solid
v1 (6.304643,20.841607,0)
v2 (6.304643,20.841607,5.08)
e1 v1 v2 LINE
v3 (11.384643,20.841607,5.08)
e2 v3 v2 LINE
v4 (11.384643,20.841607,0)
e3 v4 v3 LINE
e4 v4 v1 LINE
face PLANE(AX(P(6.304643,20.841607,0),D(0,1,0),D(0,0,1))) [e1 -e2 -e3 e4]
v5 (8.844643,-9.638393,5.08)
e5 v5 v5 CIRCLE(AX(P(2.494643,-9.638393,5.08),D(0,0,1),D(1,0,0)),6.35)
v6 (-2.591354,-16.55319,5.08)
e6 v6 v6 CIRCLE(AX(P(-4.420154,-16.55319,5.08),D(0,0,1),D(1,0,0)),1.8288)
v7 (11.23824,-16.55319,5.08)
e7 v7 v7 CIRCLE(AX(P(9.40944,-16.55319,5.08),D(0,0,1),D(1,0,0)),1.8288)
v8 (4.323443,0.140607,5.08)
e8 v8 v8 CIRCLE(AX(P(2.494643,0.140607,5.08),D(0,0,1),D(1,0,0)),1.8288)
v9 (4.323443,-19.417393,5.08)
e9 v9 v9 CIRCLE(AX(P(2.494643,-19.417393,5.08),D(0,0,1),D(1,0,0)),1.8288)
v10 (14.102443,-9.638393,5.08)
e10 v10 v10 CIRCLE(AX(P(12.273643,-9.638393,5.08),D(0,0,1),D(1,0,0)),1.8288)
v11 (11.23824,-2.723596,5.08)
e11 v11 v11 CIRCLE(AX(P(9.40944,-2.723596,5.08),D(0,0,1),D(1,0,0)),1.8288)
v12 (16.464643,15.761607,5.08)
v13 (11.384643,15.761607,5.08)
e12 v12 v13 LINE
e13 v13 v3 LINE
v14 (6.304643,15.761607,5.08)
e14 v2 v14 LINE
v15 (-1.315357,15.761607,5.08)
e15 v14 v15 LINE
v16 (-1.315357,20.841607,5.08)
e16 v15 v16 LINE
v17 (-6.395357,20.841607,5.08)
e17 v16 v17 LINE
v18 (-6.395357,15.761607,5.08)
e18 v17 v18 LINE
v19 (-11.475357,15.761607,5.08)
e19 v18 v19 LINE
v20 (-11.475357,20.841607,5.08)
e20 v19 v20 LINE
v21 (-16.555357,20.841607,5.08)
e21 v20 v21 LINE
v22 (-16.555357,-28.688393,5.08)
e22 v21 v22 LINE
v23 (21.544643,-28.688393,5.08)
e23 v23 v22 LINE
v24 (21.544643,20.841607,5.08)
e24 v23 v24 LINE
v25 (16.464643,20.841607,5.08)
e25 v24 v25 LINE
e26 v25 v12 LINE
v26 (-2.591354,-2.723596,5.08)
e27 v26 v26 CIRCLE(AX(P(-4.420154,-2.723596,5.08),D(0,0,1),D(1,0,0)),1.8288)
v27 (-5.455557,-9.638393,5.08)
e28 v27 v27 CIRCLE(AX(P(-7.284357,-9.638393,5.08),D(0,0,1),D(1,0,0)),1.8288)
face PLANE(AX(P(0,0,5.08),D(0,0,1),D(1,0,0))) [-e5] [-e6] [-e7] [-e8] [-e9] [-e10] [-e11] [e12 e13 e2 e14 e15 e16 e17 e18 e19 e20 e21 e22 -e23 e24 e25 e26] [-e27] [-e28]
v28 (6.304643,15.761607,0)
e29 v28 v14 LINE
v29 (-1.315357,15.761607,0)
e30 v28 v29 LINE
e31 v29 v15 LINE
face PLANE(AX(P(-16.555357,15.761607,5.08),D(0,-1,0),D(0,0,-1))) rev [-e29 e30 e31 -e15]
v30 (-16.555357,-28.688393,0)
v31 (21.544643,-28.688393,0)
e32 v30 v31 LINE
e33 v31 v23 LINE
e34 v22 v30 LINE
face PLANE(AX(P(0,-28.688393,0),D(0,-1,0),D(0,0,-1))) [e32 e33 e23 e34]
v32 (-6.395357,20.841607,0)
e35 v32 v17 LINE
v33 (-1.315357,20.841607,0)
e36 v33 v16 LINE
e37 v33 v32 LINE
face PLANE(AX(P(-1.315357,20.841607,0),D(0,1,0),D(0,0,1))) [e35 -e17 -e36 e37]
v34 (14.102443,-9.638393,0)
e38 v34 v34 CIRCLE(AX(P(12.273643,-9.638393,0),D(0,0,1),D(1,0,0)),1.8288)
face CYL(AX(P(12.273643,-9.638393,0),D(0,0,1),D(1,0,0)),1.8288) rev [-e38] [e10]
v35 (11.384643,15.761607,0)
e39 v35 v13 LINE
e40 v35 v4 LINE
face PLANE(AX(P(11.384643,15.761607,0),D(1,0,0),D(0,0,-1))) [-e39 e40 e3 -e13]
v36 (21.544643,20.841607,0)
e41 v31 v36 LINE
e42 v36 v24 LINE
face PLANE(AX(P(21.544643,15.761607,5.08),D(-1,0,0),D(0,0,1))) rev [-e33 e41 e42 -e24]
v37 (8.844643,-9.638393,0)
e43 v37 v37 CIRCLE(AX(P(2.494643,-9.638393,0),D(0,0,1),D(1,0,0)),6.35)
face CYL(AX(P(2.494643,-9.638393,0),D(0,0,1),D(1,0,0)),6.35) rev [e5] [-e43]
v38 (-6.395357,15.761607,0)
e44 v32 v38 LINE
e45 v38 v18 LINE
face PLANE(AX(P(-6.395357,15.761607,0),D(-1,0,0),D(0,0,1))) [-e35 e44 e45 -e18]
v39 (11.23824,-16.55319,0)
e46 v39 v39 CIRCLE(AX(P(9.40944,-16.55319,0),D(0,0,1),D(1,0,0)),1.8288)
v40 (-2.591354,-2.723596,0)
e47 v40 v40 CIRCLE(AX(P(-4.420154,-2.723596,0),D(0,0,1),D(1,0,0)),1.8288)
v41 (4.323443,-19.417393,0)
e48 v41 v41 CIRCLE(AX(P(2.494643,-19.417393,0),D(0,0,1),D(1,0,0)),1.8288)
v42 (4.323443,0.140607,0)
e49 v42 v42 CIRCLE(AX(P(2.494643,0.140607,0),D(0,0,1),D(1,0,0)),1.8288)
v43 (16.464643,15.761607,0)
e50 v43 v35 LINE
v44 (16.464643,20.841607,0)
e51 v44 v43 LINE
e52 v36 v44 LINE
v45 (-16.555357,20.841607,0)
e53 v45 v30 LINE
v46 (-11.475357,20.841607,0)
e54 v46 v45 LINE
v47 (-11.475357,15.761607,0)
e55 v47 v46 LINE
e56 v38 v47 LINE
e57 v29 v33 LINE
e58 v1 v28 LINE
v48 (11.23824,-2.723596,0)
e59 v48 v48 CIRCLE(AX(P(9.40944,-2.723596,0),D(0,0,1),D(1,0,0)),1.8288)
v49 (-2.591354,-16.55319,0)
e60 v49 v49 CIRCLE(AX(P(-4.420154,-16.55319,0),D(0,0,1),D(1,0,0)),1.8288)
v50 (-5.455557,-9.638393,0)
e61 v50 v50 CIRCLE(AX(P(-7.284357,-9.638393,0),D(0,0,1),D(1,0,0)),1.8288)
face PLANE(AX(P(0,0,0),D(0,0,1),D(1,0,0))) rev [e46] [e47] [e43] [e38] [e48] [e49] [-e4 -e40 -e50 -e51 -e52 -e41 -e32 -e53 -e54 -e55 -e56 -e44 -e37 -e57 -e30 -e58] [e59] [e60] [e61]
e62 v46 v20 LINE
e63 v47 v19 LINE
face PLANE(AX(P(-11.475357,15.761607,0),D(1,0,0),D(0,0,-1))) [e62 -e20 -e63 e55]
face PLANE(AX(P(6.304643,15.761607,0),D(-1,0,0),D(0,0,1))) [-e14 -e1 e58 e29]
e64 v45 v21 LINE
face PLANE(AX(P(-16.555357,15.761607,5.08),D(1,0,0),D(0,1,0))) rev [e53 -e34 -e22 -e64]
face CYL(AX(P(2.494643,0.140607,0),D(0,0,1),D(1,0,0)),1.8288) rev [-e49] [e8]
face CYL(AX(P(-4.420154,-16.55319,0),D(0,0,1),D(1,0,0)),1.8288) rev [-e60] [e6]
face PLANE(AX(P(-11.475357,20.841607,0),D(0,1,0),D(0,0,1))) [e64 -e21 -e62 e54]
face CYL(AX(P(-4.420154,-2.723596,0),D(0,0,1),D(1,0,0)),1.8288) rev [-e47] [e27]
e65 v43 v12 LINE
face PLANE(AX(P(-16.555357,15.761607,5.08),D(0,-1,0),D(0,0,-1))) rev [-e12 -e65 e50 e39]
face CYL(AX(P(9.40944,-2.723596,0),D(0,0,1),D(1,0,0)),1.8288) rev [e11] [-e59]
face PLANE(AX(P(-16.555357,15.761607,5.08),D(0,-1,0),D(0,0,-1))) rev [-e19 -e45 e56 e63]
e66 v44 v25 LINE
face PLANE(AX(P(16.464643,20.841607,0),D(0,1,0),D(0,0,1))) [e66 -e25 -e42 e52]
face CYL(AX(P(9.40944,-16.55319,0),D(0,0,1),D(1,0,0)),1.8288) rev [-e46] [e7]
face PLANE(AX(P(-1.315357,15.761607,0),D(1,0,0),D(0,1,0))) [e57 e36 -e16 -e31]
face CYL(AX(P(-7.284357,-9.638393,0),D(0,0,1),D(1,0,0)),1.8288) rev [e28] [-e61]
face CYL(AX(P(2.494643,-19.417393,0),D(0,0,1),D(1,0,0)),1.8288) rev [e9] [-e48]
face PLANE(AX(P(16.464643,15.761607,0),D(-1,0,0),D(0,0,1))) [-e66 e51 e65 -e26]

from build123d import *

# Parameters (mm, degrees)
SKETCH1_W           = 38.1
SKETCH1_H           = 50.8
BOSS_EXTRUDE1_DEPTH = 5.08
SKETCH2_R           = 6.35
SKETCH2_R_2         = 1.8288
CUT_EXTRUDE1_DEPTH  = 5.08
SKETCH3_W           = 5.08
SKETCH3_H           = 5.08
BOSS_EXTRUDE2_DEPTH = 5.08
SKETCH4_W           = 38.1
SKETCH4_H           = 5.08
CUT_EXTRUDE2_DEPTH  = 11.43


with BuildPart() as part:
    # Sketch1 → Boss-Extrude1 (new body)
    with BuildSketch(Plane.XY):
        with Locations((2.494642857, -9.638392857)):
            Rectangle(SKETCH1_W, SKETCH1_H)
    extrude(amount=BOSS_EXTRUDE1_DEPTH)

    # Sketch2 → Cut-Extrude1 (cut)
    with BuildSketch(Plane.XY.offset(5.08)):
        with Locations((2.494642857, -9.638392857)):
            Circle(SKETCH2_R)
        with Locations((12.273642857, -9.638392857)):
            Circle(SKETCH2_R_2)
        with Locations((9.40944007, -16.55319007)):
            Circle(SKETCH2_R_2)
        with Locations((2.494642857, -19.417392857)):
            Circle(SKETCH2_R_2)
        with Locations((-4.420154356, -16.55319007)):
            Circle(SKETCH2_R_2)
        with Locations((-7.284357143, -9.638392857)):
            Circle(SKETCH2_R_2)
        with Locations((-4.420154356, -2.723595644)):
            Circle(SKETCH2_R_2)
        with Locations((2.494642857, 0.140607143)):
            Circle(SKETCH2_R_2)
        with Locations((9.40944007, -2.723595644)):
            Circle(SKETCH2_R_2)
    extrude(amount=-CUT_EXTRUDE1_DEPTH, mode=Mode.SUBTRACT)

    # Sketch3 → Boss-Extrude2 (add)
    with BuildSketch(Plane.XY.offset(5.08)):
        with Locations((-14.015357143, 18.301607143)):
            Rectangle(SKETCH3_W, SKETCH3_H)
        with Locations((8.844642857, 18.301607143)):
            Rectangle(SKETCH3_W, SKETCH3_H)
        with Locations((19.004642857, 18.301607143)):
            Rectangle(SKETCH3_W, SKETCH3_H)
        with Locations((-3.855357143, 18.301607143)):
            Rectangle(SKETCH3_W, SKETCH3_H)
        with Locations((-3.855357143, -37.578392857)):
            Rectangle(SKETCH3_W, SKETCH3_H)
        with Locations((-14.015357143, -37.578392857)):
            Rectangle(SKETCH3_W, SKETCH3_H)
        with Locations((19.004642857, -37.578392857)):
            Rectangle(SKETCH3_W, SKETCH3_H)
        with Locations((8.844642857, -37.578392857)):
            Rectangle(SKETCH3_W, SKETCH3_H)
    extrude(amount=-BOSS_EXTRUDE2_DEPTH)

    # Sketch4 → Cut-Extrude2 (cut)
    with BuildSketch(Plane.XZ.offset(40.118392857)):
        with Locations((2.494642857, 2.54)):
            Rectangle(SKETCH4_W, SKETCH4_H)
    extrude(amount=-CUT_EXTRUDE2_DEPTH, mode=Mode.SUBTRACT)


solid = part.part
